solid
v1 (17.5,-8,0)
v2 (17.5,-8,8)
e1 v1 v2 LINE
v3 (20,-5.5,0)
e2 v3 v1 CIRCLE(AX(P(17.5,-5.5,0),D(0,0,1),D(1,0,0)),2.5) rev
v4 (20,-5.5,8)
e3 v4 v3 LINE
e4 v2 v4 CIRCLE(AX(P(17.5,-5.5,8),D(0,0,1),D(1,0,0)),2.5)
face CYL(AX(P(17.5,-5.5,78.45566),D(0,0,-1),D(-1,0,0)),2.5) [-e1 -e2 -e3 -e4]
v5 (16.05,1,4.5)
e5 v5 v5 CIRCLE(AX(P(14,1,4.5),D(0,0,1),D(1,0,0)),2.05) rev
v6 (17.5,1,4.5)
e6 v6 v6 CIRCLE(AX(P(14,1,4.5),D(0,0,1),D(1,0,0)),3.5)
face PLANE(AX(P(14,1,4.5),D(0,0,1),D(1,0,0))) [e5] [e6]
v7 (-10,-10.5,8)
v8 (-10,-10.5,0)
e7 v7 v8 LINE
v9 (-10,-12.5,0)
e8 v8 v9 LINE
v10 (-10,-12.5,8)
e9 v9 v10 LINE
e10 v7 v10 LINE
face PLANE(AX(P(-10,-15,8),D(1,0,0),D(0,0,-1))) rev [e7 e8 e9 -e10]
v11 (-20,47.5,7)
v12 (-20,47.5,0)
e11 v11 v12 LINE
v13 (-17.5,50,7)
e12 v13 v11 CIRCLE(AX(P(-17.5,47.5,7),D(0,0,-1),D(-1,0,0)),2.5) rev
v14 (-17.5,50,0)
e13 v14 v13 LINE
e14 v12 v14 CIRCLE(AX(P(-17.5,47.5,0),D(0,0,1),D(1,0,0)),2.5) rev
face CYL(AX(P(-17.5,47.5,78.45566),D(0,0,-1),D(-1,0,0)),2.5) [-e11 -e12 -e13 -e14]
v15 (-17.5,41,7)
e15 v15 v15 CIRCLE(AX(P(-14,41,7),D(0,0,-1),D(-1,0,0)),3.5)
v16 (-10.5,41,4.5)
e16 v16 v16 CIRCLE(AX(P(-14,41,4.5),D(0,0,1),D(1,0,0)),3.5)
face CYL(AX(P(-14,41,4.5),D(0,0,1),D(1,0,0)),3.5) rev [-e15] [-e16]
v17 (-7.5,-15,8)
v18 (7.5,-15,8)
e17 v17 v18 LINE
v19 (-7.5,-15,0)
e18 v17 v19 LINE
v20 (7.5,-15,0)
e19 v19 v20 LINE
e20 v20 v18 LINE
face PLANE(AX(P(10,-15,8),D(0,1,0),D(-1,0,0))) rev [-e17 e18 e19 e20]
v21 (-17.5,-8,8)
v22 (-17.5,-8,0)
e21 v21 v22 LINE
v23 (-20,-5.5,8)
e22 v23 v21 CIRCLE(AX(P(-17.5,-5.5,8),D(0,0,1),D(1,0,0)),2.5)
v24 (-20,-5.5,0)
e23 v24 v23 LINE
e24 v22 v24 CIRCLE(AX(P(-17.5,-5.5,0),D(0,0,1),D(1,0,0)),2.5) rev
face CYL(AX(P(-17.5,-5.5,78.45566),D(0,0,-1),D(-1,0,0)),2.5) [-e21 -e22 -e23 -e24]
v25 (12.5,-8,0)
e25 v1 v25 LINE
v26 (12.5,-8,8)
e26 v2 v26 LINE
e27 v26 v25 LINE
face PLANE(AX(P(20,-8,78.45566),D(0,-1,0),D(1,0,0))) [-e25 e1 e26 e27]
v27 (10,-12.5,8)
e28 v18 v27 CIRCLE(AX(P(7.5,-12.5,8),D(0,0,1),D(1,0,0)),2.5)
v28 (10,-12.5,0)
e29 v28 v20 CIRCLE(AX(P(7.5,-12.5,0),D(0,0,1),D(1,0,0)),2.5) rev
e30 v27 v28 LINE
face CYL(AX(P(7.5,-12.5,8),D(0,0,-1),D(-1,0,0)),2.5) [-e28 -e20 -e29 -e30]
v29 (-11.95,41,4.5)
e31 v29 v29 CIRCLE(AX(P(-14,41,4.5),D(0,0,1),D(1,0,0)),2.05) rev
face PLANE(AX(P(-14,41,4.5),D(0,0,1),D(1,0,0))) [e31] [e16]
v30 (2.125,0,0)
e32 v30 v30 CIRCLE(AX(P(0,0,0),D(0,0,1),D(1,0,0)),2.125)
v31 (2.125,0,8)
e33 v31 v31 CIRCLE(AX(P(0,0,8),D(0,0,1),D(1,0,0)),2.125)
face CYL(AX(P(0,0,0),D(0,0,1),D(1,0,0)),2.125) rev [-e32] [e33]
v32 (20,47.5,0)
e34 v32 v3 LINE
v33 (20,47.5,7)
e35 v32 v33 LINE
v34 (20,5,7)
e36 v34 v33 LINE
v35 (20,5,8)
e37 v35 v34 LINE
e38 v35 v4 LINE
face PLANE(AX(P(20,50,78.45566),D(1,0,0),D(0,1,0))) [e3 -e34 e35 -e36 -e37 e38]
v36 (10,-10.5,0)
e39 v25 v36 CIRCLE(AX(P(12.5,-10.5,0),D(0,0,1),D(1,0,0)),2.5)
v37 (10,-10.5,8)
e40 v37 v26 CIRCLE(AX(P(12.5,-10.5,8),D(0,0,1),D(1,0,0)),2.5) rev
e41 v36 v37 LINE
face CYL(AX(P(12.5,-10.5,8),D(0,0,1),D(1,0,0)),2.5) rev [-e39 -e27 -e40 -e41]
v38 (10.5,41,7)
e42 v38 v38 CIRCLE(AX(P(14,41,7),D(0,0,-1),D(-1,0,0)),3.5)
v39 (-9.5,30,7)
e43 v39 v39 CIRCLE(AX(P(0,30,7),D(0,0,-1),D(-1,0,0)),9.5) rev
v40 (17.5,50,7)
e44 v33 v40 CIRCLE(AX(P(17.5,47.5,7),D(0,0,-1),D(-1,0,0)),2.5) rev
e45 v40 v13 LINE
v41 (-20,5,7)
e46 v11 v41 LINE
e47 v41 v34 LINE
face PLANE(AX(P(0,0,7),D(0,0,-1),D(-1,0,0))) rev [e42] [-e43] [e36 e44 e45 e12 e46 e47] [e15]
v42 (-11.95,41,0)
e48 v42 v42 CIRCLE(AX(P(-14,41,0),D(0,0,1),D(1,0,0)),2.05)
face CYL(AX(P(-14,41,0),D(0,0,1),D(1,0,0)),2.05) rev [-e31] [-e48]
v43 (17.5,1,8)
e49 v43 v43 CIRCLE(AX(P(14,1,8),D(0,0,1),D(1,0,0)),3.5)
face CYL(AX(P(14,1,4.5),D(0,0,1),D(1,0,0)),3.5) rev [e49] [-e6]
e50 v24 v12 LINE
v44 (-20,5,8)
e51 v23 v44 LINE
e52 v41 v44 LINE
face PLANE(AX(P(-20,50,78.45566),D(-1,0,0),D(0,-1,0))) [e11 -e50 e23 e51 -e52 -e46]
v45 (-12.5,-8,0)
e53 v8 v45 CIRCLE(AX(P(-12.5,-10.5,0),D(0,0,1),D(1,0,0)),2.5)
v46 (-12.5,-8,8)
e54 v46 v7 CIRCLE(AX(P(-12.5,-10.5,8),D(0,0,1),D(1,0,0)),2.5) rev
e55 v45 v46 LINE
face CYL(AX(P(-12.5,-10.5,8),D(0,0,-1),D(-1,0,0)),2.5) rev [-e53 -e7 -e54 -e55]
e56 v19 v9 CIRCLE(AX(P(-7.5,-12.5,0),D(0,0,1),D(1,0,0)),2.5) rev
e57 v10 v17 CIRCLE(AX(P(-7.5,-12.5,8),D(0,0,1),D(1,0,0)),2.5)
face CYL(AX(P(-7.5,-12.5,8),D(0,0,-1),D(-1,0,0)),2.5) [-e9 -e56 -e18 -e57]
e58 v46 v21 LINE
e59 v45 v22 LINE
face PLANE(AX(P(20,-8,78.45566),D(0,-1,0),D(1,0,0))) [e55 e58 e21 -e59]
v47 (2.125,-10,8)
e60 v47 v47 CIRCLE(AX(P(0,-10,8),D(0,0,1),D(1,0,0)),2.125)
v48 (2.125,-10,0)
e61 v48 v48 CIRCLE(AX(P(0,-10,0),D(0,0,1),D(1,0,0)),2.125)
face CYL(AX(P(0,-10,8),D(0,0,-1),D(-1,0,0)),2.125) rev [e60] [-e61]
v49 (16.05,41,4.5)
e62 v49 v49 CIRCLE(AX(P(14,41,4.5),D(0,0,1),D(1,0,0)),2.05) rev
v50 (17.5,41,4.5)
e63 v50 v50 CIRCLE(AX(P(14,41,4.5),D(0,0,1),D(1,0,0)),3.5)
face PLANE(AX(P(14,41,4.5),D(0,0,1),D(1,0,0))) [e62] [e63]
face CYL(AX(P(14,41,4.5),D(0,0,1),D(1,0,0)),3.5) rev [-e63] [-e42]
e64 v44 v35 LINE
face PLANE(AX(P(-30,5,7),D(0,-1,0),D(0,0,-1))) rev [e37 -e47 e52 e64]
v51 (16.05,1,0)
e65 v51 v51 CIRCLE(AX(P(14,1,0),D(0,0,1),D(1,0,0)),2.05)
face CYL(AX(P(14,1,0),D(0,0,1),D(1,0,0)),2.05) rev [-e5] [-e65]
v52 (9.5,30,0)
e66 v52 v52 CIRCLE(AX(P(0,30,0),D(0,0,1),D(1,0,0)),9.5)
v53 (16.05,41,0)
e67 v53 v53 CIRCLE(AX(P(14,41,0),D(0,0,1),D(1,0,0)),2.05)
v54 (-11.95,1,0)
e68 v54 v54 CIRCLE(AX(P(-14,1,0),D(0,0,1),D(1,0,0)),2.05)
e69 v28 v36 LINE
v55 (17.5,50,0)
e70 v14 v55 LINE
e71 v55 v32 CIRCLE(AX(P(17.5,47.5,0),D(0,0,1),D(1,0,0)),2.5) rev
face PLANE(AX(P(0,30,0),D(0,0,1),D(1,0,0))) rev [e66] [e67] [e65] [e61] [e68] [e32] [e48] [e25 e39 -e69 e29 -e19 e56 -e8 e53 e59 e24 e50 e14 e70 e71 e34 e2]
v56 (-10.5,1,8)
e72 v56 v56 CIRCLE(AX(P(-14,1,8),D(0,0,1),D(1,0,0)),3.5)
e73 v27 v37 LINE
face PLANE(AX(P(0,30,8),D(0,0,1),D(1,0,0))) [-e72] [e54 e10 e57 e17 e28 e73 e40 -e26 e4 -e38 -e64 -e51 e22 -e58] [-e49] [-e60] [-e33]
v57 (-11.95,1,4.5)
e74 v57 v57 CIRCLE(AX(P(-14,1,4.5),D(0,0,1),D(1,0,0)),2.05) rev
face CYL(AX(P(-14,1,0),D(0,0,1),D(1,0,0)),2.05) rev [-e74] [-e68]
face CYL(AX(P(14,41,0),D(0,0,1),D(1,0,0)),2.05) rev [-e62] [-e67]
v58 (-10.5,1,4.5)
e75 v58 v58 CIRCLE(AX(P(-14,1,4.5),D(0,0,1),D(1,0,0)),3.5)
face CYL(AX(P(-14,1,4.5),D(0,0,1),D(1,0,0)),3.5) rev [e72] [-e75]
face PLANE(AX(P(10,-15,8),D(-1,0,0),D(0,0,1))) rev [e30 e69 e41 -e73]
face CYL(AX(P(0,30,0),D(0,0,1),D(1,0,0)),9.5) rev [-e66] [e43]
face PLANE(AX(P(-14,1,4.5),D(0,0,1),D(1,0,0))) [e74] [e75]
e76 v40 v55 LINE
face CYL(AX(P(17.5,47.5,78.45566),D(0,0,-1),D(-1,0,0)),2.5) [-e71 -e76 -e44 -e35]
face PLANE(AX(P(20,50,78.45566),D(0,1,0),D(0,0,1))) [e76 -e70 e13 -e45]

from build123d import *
from build123d.topology import SkipClean

# Parameters (mm, degrees)
SKETCH1_R           = 2.125
BOSS_EXTRUDE2_DEPTH = 8
SKETCH7_W           = 40
SKETCH7_H           = 58
BOSS_EXTRUDE3_DEPTH = 8
FILLET1_R           = 2.5
SKETCH3_R           = 9.5
CUT_EXTRUDE2_DEPTH  = 55.442630355
SKETCH2_R           = 2.05
CUT_EXTRUDE1_DEPTH  = 55.442630355
SKETCH6_W           = 60
SKETCH6_H           = 50
CUT_EXTRUDE5_DEPTH  = 1
SKETCH9_R           = 2.125
CUT_EXTRUDE7_DEPTH  = 55.442630355
SKETCH11_R          = 3.5
CUT_EXTRUDE9_DEPTH  = 3.5


with BuildPart() as part:
    # Sketch1 → Boss-Extrude2 (new body)
    with BuildSketch(Plane.XY):
        with BuildLine():
            Line((-10, -15), (-10, 15))
            Line((-10, 15), (-15, 30))
            ThreePointArc((-15, 30), (0, 45), (15, 30))
            Line((15, 30), (10, 15))
            Line((10, 15), (10, -15))
            Line((10, -15), (-10, -15))
        make_face()
        Circle(SKETCH1_R, mode=Mode.SUBTRACT)
        with Locations((0, -10)):
            Circle(SKETCH1_R, mode=Mode.SUBTRACT)
    extrude(amount=BOSS_EXTRUDE2_DEPTH)

    # Sketch7 → Boss-Extrude3 (add)
    with BuildSketch(Plane(origin=(0, 0, 0), x_dir=(-1, 0, 0), z_dir=(0, 0, -1))):
        with Locations((0, 21)):
            Rectangle(SKETCH7_W, SKETCH7_H)
    extrude(amount=-BOSS_EXTRUDE3_DEPTH)

    # Fillet1
    fillet1_edges = [part.edges().sort_by_distance(p)[0] for p in [
        (10, -15, 4),
        (-10, -15, 4),
        (-20, -8, 4),
        (-10, -8, 4),
        (10, -8, 4),
        (-20, 50, 4),
        (20, 50, 4),
        (20, -8, 4),
    ]]
    fillet(fillet1_edges, radius=FILLET1_R)

    # Sketch3 → Cut-Extrude2 (cut, through all)
    with BuildSketch(Plane.XY.offset(8)):
        with Locations((0, 30)):
            Circle(SKETCH3_R)
    extrude(amount=-CUT_EXTRUDE2_DEPTH, mode=Mode.SUBTRACT)

    # Sketch2 → Cut-Extrude1 (cut, through all)
    with BuildSketch(Plane.XY.offset(8)):
        with Locations((-14, 41)):
            Circle(SKETCH2_R)
        with Locations((14, 41)):
            Circle(SKETCH2_R)
        with Locations((14, 1)):
            Circle(SKETCH2_R)
        with Locations((-14, 1)):
            Circle(SKETCH2_R)
    extrude(amount=-CUT_EXTRUDE1_DEPTH, mode=Mode.SUBTRACT)

    # Sketch6 → Cut-Extrude5 (cut)
    with BuildSketch(Plane.XY.offset(8)):
        with Locations((0, 30)):
            Rectangle(SKETCH6_W, SKETCH6_H)
    extrude(amount=-CUT_EXTRUDE5_DEPTH, mode=Mode.SUBTRACT)

    # Sketch9 → Cut-Extrude7 (cut, through all)
    with SkipClean():  # the faces are left unmerged after this step: merging them gives an invalid solid
        with BuildSketch(Plane.XY.offset(8)):
            with Locations((0, -10)):
                Circle(SKETCH9_R)
            Circle(SKETCH9_R)
        extrude(amount=-CUT_EXTRUDE7_DEPTH, mode=Mode.SUBTRACT)

    # Sketch11 → Cut-Extrude9 (cut)
    with SkipClean():  # the faces are left unmerged after this step: merging them gives an invalid solid
        with BuildSketch(Plane.XY.offset(8)):
            with Locations((-14, 1)):
                Circle(SKETCH11_R)
            with Locations((14, 1)):
                Circle(SKETCH11_R)
            with Locations((14, 41)):
                Circle(SKETCH11_R)
            with Locations((-14, 41)):
                Circle(SKETCH11_R)
        extrude(amount=-CUT_EXTRUDE9_DEPTH, mode=Mode.SUBTRACT)


solid = part.part
